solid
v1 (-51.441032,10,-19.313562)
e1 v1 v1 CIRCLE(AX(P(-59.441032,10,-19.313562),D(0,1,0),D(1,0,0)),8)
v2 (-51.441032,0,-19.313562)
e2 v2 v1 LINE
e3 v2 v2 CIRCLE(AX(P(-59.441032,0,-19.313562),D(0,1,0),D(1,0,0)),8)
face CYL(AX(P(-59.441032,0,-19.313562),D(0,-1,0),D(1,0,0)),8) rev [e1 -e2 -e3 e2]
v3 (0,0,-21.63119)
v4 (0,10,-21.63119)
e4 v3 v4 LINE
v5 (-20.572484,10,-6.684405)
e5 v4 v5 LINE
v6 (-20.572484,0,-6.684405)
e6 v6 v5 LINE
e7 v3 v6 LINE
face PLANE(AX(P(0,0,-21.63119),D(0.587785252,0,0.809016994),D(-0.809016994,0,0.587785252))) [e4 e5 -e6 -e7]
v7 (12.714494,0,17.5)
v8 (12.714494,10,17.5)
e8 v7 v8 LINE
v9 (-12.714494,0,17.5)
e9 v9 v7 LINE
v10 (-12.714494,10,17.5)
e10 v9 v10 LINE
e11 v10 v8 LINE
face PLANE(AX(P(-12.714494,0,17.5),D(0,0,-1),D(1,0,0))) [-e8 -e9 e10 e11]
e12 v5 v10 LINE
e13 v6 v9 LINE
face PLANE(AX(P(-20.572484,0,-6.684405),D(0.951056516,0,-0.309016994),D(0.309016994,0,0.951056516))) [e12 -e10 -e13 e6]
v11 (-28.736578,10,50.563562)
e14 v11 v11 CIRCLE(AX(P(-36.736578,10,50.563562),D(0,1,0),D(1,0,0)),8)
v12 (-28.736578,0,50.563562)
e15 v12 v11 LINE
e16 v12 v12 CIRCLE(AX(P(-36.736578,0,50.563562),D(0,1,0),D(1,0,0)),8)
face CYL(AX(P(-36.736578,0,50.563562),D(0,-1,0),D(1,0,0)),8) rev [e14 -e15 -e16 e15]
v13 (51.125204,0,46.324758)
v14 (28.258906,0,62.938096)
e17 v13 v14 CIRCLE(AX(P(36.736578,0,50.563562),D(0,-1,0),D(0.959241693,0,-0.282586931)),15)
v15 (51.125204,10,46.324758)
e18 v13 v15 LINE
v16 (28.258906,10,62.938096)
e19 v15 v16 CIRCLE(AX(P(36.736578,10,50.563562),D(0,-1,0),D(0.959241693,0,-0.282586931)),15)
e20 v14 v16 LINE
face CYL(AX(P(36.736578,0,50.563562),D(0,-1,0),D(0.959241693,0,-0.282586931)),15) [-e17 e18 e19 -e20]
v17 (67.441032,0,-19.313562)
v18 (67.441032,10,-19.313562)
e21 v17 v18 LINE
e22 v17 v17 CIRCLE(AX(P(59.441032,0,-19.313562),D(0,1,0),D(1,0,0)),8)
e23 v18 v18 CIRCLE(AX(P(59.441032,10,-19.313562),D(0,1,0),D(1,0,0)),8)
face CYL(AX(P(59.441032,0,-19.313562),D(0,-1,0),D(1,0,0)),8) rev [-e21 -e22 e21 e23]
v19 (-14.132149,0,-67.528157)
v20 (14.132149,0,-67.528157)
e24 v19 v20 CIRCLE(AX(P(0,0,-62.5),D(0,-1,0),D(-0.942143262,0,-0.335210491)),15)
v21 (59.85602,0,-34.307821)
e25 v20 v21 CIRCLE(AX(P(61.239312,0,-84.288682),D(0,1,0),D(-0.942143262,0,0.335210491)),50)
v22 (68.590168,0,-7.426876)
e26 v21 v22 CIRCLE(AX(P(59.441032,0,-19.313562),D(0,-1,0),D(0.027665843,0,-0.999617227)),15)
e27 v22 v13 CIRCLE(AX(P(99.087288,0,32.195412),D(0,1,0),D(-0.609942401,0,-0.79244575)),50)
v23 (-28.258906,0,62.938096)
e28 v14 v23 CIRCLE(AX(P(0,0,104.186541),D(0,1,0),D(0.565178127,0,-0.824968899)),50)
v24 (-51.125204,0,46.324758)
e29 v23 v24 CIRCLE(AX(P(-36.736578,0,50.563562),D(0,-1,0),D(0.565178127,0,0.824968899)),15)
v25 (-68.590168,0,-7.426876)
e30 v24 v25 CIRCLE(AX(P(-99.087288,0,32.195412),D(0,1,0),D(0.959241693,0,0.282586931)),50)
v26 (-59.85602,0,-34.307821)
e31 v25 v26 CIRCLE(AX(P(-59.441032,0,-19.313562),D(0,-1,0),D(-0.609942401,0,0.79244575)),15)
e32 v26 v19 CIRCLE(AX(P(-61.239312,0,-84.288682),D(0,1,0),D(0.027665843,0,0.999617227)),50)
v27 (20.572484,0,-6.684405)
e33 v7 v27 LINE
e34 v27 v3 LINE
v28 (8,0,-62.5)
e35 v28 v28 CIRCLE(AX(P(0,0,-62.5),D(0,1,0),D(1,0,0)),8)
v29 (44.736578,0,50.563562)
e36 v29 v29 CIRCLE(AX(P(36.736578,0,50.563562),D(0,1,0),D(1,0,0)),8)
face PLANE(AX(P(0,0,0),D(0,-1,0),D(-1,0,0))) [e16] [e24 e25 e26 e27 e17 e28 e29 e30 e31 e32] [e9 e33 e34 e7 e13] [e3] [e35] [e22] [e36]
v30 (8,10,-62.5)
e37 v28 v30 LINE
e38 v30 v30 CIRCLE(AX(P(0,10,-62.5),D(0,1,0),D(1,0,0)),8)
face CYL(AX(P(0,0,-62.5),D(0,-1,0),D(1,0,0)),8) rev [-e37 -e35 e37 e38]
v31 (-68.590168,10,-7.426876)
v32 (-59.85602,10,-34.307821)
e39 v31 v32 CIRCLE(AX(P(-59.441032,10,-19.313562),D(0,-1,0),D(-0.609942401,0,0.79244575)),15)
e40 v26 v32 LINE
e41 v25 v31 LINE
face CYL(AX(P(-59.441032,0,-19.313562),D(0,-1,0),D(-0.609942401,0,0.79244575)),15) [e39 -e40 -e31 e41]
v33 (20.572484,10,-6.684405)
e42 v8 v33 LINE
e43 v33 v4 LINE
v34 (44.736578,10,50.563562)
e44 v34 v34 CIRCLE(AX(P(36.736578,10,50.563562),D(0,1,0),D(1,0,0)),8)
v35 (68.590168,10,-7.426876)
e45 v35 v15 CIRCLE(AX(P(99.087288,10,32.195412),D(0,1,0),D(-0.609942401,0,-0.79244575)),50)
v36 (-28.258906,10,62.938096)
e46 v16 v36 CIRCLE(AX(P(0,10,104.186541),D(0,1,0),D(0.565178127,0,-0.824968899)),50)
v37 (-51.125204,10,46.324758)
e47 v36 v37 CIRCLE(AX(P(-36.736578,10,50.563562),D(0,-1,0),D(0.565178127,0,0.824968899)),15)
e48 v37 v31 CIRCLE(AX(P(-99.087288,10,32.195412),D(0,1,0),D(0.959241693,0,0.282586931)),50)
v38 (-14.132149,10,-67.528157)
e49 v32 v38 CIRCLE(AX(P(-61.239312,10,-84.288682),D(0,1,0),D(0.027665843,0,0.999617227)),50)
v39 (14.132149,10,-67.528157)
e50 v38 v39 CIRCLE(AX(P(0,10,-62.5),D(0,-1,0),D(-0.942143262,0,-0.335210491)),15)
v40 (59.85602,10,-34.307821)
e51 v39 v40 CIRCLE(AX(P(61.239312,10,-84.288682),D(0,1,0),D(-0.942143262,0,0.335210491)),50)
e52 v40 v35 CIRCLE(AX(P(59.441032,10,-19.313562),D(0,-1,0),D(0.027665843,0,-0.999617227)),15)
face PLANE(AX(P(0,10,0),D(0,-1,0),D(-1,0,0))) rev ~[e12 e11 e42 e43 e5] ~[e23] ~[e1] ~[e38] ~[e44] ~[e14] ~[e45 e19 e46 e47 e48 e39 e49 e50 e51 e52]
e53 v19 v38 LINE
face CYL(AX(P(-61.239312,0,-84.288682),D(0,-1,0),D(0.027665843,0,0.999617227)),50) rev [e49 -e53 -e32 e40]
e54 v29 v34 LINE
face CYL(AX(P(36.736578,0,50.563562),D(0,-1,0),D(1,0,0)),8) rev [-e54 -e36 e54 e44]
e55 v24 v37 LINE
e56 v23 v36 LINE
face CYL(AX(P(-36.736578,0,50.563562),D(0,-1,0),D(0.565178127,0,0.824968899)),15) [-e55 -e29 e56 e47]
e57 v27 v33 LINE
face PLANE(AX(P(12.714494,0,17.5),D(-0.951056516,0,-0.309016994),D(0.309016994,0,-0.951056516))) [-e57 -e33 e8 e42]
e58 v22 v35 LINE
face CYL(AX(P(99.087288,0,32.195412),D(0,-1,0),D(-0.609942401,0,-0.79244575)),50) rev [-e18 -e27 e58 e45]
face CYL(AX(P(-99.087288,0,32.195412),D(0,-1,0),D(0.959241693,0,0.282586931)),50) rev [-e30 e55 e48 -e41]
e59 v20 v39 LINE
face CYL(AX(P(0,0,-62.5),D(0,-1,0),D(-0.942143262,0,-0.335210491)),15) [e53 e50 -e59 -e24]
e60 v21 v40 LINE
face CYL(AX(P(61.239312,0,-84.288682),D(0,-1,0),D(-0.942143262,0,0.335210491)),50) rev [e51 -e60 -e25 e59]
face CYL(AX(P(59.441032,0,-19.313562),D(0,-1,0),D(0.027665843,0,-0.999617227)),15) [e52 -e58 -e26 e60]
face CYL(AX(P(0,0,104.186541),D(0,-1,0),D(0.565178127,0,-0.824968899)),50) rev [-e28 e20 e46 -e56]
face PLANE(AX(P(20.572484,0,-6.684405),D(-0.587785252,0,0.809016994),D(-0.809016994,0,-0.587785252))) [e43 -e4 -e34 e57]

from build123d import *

# Parameters (mm, degrees)
SKETCH1_R           = 8
BOSS_EXTRUDE3_DEPTH = 10


with BuildPart() as part:
    # Sketch1 → Boss-Extrude3 (new body)
    with BuildSketch(Plane(origin=(0, 0, 0), x_dir=(1, 0, 0), z_dir=(0, 1, 0))):
        with BuildLine():
            ThreePointArc((14.132148934, 67.528157367), (31.850049433, 43.837832205), (59.85601991, 34.307820558))
            ThreePointArc((59.85601991, 34.307820558), (73.706880013, 23.948817064), (68.590168285, 7.426875892))
            ThreePointArc((68.590168285, 7.426875892), (51.534462525, -16.744561909), (51.125203669, -46.324758182))
            ThreePointArc((51.125203669, -46.324758182), (45.553357053, -62.698817064), (28.25890636, -62.938095635))
            ThreePointArc((28.25890636, -62.938095635), (0, -54.186540592), (-28.25890636, -62.938095635))
            ThreePointArc((-28.25890636, -62.938095635), (-45.553357053, -62.698817064), (-51.125203669, -46.324758182))
            ThreePointArc((-51.125203669, -46.324758182), (-51.534462525, -16.744561909), (-68.590168285, 7.426875892))
            ThreePointArc((-68.590168285, 7.426875892), (-73.706880013, 23.948817064), (-59.85601991, 34.307820558))
            ThreePointArc((-59.85601991, 34.307820558), (-31.850049433, 43.837832205), (-14.132148934, 67.528157367))
            ThreePointArc((-14.132148934, 67.528157367), (0, 77.5), (14.132148934, 67.528157367))
        make_face()
        with Locations((36.736578268, -50.563562148)):
            Circle(SKETCH1_R, mode=Mode.SUBTRACT)
        with Locations((-36.736578268, -50.563562148)):
            Circle(SKETCH1_R, mode=Mode.SUBTRACT)
        with Locations((59.441032268, 19.313562148)):
            Circle(SKETCH1_R, mode=Mode.SUBTRACT)
        with Locations((-59.441032268, 19.313562148)):
            Circle(SKETCH1_R, mode=Mode.SUBTRACT)
        with Locations((0, 62.5)):
            Circle(SKETCH1_R, mode=Mode.SUBTRACT)
        Polygon((20.57248383, 6.684405197), (0, 21.631189606), (-20.57248383, 6.684405197), (-12.71449424, -17.5), (12.71449424, -17.5), align=None, mode=Mode.SUBTRACT)
    extrude(amount=BOSS_EXTRUDE3_DEPTH)


solid = part.part
